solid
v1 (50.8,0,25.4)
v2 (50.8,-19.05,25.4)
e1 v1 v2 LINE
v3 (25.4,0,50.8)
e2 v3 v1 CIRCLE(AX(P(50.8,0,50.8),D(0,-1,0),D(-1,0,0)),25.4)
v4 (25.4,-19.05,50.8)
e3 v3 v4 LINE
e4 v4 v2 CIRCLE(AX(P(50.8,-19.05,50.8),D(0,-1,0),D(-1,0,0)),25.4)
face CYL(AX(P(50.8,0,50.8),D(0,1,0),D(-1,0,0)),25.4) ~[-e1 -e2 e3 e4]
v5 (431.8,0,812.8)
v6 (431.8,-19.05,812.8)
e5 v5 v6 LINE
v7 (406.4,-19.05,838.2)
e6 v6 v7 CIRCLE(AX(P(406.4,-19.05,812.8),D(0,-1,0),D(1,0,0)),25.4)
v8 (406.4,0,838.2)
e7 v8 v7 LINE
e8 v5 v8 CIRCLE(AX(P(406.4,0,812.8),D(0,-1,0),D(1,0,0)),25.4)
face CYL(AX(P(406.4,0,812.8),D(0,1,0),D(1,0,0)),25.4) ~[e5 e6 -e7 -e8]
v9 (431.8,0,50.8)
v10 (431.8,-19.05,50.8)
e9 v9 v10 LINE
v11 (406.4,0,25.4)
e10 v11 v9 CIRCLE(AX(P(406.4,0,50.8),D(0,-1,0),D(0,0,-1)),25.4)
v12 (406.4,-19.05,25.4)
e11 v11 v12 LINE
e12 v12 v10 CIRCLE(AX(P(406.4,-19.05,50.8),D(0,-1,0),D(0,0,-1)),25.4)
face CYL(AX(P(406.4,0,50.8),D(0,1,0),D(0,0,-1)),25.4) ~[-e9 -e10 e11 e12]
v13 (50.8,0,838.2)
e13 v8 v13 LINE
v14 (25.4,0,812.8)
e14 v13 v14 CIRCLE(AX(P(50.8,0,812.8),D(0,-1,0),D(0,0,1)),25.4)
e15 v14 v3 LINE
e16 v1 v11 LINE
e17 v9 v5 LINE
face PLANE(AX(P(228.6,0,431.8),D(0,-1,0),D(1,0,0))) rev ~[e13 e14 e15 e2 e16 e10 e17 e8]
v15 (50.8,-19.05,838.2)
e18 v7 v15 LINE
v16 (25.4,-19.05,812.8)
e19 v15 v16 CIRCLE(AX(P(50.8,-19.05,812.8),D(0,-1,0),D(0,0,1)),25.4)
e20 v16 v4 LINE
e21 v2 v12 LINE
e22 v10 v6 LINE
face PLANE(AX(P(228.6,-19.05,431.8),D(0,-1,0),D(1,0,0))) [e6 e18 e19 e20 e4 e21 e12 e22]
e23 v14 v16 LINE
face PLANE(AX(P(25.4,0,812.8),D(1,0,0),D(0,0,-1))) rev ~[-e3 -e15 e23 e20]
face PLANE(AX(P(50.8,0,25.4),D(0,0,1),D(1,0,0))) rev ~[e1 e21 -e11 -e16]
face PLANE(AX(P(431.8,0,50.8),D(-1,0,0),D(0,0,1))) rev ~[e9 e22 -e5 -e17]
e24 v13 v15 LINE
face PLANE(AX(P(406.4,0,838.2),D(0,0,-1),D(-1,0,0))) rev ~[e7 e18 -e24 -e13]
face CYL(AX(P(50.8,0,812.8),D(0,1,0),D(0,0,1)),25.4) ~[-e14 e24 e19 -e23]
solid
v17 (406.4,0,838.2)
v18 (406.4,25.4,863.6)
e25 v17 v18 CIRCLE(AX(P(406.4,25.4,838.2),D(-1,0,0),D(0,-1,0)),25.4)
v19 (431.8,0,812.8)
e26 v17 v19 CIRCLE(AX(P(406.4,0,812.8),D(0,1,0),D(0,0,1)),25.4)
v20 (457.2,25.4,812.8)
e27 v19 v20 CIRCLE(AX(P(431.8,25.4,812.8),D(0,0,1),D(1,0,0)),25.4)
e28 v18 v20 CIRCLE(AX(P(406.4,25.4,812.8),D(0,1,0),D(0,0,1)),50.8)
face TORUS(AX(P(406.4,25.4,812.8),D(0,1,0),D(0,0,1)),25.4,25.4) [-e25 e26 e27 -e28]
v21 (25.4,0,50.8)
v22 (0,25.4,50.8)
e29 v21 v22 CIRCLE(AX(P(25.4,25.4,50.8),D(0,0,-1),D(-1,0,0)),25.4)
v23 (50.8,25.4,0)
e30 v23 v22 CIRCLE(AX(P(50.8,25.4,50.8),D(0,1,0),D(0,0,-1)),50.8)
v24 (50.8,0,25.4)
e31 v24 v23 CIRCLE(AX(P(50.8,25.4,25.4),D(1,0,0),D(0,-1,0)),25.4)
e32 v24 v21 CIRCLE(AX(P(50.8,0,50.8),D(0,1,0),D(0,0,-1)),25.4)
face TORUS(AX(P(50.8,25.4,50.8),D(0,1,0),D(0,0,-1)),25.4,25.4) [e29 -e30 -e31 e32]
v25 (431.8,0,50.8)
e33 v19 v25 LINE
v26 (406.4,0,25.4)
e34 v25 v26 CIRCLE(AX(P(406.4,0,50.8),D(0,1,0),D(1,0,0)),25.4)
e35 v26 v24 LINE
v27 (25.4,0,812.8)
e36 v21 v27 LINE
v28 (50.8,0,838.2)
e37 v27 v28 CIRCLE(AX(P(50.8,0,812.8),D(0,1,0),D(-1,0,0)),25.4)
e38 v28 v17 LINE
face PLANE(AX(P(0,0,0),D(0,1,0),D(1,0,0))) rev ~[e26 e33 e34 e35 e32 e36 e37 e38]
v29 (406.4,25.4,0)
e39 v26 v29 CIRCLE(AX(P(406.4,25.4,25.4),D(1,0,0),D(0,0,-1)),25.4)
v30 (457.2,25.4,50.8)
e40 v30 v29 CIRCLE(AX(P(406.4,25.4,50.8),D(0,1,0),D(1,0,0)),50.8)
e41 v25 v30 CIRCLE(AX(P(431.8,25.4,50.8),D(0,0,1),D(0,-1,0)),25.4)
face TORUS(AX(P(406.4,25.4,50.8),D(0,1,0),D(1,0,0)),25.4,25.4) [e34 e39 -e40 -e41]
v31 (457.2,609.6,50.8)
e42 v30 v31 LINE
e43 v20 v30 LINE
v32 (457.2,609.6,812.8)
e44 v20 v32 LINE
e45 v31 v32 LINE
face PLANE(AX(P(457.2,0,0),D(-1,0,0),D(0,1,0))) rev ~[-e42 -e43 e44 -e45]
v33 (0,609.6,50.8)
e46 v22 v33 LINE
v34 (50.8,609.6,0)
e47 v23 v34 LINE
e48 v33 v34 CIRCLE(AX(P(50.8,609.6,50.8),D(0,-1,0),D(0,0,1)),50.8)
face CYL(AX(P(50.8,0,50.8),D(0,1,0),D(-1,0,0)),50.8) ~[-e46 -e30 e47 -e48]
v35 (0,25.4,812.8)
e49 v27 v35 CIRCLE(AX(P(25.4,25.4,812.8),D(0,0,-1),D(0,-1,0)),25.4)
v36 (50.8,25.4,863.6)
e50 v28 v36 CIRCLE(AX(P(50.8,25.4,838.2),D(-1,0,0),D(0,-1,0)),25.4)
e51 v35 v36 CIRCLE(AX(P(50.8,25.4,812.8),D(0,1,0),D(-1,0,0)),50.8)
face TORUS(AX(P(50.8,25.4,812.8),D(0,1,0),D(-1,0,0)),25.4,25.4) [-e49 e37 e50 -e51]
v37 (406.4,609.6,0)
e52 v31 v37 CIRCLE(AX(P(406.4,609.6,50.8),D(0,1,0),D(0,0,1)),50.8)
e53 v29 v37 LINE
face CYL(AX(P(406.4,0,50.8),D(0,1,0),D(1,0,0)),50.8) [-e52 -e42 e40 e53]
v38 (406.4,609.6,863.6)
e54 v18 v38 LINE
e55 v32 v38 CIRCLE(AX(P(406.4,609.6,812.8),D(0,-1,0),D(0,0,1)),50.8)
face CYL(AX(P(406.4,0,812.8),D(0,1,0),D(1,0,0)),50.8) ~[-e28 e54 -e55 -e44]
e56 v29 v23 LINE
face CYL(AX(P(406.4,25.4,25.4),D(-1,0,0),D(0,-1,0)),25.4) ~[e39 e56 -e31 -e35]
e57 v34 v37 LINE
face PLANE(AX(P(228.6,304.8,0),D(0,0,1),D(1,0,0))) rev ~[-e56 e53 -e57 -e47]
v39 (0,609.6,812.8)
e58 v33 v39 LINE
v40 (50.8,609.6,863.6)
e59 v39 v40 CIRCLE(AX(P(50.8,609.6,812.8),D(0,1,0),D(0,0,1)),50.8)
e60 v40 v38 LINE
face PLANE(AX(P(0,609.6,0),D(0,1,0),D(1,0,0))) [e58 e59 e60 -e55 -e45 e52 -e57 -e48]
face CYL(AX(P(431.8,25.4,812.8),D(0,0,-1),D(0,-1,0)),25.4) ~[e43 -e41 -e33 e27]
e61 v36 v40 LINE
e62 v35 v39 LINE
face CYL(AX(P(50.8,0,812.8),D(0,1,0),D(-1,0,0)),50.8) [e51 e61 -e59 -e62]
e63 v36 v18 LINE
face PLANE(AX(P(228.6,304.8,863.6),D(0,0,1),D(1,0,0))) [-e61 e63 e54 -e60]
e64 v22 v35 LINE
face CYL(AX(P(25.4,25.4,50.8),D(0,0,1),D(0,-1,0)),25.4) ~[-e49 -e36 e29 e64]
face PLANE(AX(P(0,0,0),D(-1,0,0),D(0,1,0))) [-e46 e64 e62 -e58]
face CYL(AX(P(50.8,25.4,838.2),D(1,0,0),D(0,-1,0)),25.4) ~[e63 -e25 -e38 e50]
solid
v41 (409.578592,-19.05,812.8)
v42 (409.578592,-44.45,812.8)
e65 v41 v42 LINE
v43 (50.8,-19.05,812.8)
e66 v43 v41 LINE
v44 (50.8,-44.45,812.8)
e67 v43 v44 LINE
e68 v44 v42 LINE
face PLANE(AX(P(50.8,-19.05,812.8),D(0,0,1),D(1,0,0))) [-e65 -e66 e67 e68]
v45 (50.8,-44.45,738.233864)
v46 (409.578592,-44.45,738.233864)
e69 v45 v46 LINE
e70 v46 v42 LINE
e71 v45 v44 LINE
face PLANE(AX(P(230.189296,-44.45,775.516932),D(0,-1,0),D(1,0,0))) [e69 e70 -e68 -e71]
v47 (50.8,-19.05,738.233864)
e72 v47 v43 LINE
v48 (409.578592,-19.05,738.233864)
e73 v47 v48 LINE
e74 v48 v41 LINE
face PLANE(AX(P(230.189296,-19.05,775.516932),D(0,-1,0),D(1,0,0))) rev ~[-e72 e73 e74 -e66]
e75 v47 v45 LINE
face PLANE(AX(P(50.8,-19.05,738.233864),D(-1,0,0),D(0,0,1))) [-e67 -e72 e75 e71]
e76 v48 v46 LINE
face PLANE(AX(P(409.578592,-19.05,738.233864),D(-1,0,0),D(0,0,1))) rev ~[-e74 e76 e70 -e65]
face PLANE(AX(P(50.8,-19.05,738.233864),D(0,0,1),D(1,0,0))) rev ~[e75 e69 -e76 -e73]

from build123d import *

# Parameters (mm, degrees)
F0_W     = 457.2
F0_H     = 609.6
F1_DEPTH = 863.6
F2_R     = 50.8
F3_R     = 25.4
F5_DEPTH = 19.05
F6_W     = 358.7785915852
F6_H     = 74.5661356926
F7_DEPTH = 25.4


with BuildPart() as f1:
    # F0 (on Top) → F1 (new body)
    with BuildSketch(Plane.XY):
        with Locations((228.6, 304.8)):
            Rectangle(F0_W, F0_H)
    extrude(amount=F1_DEPTH)

    # F2
    f2_edges = [f1.edges().sort_by_distance(p)[0] for p in [
        (0, 304.8, 863.6),
        (457.2, 304.8, 863.6),
        (457.2, 304.8, 0),
        (0, 304.8, 0),
    ]]
    fillet(f2_edges, radius=F2_R)

    # F3
    f3_edges = [f1.edges().sort_by_distance(p)[0] for p in [
        (228.6, 0, 863.6),
        (0, 0, 431.8),
        (14.878976, 0, 14.878976),
        (14.878976, 0, 848.721024),
        (228.6, 0, 0),
        (442.321024, 0, 14.878976),
        (442.321024, 0, 848.721024),
        (457.2, 0, 431.8),
    ]]
    fillet(f3_edges, radius=F3_R)


with BuildPart() as f5:
    # F4 (on face) → F5 (new body)
    with BuildSketch(Plane.XZ):
        with BuildLine():
            ThreePointArc((431.8, 812.8), (424.3605122421, 830.7605122421), (406.4, 838.2))
            Line((406.4, 838.2), (50.8, 838.2))
            ThreePointArc((50.8, 838.2), (32.8394877579, 830.7605122421), (25.4, 812.8))
            Line((25.4, 812.8), (25.4, 50.8))
            ThreePointArc((25.4, 50.8), (32.8394877579, 32.8394877579), (50.8, 25.4))
            Line((50.8, 25.4), (406.4, 25.4))
            ThreePointArc((406.4, 25.4), (424.3605122421, 32.8394877579), (431.8, 50.8))
            Line((431.8, 50.8), (431.8, 812.8))
        make_face()
    extrude(amount=F5_DEPTH)


with BuildPart() as f7:
    # F6 (on face) → F7 (new body)
    with BuildSketch(Plane.XZ.offset(19.05)):
        with Locations((230.1892957926, 775.5169321537)):
            Rectangle(F6_W, F6_H)
    extrude(amount=F7_DEPTH)


solid = Compound([f1.part, f5.part, f7.part])
